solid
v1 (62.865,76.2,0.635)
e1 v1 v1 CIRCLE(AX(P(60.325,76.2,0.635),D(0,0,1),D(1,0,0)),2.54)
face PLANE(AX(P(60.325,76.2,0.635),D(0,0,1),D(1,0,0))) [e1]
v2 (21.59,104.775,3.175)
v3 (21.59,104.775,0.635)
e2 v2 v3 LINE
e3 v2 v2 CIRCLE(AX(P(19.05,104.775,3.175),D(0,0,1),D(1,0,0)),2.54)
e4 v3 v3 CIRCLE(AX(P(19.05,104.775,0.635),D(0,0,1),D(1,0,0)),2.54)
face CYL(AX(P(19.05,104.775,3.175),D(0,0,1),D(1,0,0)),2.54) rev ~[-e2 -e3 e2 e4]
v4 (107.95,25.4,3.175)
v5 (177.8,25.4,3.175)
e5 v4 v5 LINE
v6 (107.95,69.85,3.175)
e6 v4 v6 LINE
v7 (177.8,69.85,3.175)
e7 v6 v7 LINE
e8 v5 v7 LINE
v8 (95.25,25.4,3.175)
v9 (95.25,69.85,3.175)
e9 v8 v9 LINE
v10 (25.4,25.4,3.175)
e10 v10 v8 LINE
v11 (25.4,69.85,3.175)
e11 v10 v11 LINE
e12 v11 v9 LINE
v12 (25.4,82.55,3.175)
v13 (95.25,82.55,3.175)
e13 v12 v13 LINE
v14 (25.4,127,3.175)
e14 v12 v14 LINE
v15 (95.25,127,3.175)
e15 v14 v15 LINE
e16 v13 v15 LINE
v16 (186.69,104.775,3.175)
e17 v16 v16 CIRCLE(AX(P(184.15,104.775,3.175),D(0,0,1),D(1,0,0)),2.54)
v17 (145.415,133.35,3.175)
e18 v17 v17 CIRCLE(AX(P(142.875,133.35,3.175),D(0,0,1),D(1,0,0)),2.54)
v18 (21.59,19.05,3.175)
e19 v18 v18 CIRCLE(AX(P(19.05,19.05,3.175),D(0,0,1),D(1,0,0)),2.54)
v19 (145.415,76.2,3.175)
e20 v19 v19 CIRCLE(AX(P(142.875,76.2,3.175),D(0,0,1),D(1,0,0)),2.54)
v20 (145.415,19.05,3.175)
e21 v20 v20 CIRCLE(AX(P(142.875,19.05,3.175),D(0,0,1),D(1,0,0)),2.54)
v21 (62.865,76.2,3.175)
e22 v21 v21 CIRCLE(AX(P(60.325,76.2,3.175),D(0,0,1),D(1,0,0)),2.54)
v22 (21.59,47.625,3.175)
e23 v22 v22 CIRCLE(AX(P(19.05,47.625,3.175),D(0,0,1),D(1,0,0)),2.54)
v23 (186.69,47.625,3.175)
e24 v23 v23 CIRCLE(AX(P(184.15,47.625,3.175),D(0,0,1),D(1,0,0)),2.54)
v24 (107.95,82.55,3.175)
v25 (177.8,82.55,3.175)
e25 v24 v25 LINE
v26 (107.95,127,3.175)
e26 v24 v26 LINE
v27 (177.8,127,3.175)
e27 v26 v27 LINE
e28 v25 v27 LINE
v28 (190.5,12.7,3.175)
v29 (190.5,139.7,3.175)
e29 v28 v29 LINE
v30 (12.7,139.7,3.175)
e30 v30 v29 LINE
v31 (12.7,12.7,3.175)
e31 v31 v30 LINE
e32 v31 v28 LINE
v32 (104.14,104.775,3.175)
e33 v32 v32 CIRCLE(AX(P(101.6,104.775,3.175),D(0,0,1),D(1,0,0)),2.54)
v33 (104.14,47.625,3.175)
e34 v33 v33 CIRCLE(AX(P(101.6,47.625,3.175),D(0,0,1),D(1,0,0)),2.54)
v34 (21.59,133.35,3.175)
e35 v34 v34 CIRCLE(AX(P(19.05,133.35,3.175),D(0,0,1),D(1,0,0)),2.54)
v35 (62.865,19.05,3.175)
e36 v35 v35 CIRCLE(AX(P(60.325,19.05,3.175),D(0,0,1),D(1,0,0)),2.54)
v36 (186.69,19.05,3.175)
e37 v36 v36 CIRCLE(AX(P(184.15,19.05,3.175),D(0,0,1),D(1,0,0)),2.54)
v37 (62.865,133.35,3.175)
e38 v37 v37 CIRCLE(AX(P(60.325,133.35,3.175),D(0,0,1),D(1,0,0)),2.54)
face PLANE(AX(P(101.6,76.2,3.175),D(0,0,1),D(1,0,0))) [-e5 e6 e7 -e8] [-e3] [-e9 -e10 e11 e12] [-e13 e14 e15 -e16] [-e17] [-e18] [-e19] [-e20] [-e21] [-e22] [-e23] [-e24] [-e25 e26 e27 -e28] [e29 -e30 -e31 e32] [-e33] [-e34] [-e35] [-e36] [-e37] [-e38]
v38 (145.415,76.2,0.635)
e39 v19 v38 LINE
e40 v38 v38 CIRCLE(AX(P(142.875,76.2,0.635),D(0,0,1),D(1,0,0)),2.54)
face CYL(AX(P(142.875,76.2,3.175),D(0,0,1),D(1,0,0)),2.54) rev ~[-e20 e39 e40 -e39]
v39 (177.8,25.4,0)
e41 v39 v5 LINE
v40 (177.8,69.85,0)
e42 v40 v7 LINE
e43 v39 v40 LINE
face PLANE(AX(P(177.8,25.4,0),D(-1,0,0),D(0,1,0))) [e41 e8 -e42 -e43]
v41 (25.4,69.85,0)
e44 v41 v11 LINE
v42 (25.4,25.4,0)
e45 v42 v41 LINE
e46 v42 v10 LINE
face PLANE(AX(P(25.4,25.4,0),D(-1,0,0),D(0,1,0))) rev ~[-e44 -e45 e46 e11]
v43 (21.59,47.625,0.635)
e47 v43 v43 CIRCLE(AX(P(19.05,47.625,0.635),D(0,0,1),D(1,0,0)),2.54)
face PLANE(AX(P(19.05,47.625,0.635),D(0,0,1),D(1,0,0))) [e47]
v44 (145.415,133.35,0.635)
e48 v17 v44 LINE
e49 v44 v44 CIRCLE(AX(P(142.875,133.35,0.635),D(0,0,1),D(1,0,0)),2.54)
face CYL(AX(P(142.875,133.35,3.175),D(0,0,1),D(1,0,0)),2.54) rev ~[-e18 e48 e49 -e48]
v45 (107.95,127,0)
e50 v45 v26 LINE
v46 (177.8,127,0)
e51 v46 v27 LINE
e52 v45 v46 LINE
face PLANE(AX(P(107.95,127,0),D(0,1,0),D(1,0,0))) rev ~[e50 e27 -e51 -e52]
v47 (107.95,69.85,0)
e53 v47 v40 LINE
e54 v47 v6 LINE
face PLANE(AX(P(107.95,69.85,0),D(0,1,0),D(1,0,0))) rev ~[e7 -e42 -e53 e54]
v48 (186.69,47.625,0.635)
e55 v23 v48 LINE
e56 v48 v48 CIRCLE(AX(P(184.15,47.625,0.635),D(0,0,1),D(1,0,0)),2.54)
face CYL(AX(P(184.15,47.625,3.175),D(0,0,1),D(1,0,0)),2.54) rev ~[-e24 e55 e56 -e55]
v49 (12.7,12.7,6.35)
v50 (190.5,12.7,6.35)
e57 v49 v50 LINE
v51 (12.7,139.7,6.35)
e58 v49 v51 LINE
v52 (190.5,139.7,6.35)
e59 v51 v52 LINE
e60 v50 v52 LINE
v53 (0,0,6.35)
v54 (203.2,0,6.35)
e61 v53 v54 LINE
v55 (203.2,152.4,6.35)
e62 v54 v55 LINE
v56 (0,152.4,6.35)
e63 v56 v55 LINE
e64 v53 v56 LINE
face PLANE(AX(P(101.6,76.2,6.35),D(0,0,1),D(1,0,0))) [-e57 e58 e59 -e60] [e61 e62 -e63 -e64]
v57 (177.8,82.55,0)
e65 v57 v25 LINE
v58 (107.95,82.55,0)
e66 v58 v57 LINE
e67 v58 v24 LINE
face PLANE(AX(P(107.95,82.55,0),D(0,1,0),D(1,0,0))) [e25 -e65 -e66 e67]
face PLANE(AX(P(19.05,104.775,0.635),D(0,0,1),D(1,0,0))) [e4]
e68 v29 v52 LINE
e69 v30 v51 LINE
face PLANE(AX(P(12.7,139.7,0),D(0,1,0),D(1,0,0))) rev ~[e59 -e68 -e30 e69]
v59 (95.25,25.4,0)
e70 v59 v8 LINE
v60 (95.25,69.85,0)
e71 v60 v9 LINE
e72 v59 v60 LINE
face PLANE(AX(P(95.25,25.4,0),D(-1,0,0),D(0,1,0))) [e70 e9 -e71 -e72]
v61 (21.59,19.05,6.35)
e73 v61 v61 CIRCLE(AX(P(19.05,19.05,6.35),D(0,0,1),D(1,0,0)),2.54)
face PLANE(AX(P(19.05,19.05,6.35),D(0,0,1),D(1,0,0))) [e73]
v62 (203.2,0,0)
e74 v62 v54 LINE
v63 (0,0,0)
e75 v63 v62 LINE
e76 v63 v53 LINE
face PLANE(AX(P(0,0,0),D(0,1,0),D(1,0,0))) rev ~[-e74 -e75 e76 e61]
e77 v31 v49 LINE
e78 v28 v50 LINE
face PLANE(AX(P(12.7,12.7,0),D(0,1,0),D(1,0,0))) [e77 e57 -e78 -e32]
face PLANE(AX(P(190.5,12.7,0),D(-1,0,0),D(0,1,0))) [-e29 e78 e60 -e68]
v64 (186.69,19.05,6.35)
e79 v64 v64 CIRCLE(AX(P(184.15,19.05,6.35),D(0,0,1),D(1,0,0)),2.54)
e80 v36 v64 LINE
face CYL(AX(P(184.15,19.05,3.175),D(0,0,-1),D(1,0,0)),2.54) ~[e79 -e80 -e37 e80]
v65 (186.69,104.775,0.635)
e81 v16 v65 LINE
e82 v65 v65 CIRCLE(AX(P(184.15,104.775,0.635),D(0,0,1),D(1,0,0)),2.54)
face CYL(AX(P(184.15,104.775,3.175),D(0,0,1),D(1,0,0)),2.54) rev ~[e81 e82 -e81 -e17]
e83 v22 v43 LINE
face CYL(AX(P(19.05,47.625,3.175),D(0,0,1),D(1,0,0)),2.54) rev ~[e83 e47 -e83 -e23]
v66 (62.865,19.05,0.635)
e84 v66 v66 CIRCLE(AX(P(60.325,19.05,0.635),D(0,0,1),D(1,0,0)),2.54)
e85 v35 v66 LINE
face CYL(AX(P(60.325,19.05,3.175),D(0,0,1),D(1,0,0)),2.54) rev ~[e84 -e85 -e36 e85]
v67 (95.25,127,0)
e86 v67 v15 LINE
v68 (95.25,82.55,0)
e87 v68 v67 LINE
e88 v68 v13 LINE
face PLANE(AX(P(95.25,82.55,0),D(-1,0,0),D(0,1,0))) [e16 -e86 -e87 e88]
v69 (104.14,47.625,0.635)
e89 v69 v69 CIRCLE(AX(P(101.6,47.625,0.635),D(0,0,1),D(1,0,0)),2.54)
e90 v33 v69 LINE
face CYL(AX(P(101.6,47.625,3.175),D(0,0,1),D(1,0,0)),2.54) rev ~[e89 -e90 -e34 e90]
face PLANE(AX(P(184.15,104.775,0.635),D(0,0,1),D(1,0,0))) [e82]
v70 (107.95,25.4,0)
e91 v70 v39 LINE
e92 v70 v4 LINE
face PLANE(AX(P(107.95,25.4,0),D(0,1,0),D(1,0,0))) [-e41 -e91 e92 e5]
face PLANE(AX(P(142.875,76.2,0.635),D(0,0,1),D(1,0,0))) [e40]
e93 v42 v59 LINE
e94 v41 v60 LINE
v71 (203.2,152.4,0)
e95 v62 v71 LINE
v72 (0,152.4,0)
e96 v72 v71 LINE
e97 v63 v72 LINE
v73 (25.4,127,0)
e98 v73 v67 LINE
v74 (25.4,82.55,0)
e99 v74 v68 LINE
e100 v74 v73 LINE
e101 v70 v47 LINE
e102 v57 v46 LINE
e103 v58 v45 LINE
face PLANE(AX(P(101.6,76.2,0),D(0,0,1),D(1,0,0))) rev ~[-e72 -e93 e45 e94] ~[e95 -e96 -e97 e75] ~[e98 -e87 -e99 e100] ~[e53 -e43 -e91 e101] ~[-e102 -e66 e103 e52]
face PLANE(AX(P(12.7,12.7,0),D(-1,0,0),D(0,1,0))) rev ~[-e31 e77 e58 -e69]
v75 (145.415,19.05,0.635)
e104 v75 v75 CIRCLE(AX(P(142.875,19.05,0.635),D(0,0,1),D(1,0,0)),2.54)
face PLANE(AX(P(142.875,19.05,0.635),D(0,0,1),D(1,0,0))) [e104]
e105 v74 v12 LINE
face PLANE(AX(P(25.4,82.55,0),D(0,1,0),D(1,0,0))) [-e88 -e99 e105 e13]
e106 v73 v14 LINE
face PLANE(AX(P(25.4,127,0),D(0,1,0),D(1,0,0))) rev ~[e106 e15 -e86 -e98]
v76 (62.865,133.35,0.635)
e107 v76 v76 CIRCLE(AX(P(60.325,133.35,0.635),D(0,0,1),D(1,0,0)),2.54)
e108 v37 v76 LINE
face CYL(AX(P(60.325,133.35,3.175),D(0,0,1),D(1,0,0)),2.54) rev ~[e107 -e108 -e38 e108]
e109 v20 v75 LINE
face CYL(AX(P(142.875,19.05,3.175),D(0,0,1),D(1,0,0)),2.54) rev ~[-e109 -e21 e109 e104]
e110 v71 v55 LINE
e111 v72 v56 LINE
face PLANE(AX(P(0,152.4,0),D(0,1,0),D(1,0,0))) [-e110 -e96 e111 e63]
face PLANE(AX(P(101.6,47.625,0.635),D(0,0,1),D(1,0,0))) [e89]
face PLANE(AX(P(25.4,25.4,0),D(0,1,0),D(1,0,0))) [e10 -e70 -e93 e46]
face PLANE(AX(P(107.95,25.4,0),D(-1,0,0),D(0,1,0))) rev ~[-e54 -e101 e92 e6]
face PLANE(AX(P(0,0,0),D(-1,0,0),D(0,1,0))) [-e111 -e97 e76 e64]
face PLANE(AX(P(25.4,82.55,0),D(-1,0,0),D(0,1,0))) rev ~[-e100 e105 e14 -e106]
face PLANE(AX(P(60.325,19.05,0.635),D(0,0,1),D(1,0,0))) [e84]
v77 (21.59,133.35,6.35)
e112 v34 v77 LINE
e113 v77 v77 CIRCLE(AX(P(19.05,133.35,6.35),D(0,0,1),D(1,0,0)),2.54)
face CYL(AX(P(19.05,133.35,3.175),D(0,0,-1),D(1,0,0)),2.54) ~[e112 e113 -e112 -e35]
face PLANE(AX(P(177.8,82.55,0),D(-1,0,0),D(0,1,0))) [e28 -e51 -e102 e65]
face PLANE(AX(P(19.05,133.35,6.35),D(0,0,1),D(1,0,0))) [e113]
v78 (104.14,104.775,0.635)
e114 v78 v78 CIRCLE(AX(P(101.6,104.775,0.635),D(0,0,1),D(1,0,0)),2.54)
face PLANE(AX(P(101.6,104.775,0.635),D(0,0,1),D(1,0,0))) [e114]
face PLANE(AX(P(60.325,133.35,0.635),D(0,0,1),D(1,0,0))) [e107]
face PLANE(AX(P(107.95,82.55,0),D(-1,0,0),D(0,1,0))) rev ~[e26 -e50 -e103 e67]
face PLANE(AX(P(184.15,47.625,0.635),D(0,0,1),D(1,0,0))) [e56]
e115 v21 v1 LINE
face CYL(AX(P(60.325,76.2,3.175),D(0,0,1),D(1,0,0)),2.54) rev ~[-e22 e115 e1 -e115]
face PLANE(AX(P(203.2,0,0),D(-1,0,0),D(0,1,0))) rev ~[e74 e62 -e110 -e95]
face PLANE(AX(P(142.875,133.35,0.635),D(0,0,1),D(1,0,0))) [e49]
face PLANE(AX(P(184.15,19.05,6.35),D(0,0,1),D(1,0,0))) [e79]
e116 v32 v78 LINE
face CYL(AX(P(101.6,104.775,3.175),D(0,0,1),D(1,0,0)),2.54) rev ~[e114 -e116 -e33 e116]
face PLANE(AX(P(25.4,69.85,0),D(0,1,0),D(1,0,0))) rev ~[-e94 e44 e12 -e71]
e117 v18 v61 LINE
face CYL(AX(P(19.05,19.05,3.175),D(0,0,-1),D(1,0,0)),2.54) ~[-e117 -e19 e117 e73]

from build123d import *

# Parameters (mm, degrees)
F0_W     = 203.2
F0_H     = 152.4
F0_W_2   = 177.8
F0_H_2   = 127
F1_DEPTH = 6.35
F2_W     = 177.8
F2_H     = 127
F2_W_2   = 69.85
F2_H_2   = 44.45
F3_DEPTH = 3.175
F4_R     = 2.54
F5_DEPTH = 3.175
F6_R     = 2.54
F7_DEPTH = 2.54


with BuildPart() as f1:
    # F0 (on Top) → F1 (new body)
    with BuildSketch(Plane.XY):
        with Locations((101.6, 76.2)):
            Rectangle(F0_W, F0_H)
        with Locations((101.6, 76.2)):
            Rectangle(F0_W_2, F0_H_2, mode=Mode.SUBTRACT)
    extrude(amount=F1_DEPTH)

    # F2 (on Top) → F3 (join)
    with BuildSketch(Plane.XY):
        with Locations((101.6, 76.2)):
            Rectangle(F2_W, F2_H)
        with Locations((60.325, 47.625)):
            Rectangle(F2_W_2, F2_H_2, mode=Mode.SUBTRACT)
        with Locations((142.875, 47.625)):
            Rectangle(F2_W_2, F2_H_2, mode=Mode.SUBTRACT)
        with Locations((60.325, 104.775)):
            Rectangle(F2_W_2, F2_H_2, mode=Mode.SUBTRACT)
        with Locations((142.875, 104.775)):
            Rectangle(F2_W_2, F2_H_2, mode=Mode.SUBTRACT)
    extrude(amount=F3_DEPTH)

    # F4 (on face) → F5 (join, through all)
    with BuildSketch(Plane.XY.offset(3.175)):
        with Locations((19.05, 133.35)):
            Circle(F4_R)
        with Locations((19.05, 19.05)):
            Circle(F4_R)
        with Locations((184.15, 19.05)):
            Circle(F4_R)
    extrude(amount=F5_DEPTH)

    # F6 (on face) → F7 (cut)
    with BuildSketch(Plane.XY.offset(3.175)):
        with Locations((60.325, 133.35)):
            Circle(F6_R)
        with Locations((142.875, 133.35)):
            Circle(F6_R)
        with Locations((101.6, 47.625)):
            Circle(F6_R)
        with Locations((101.6, 104.775)):
            Circle(F6_R)
        with Locations((142.875, 76.2)):
            Circle(F6_R)
        with Locations((60.325, 19.05)):
            Circle(F6_R)
        with Locations((184.15, 47.625)):
            Circle(F6_R)
        with Locations((142.875, 19.05)):
            Circle(F6_R)
        with Locations((19.05, 47.625)):
            Circle(F6_R)
        with Locations((184.15, 104.775)):
            Circle(F6_R)
        with Locations((60.325, 76.2)):
            Circle(F6_R)
        with Locations((19.05, 104.775)):
            Circle(F6_R)
    extrude(amount=-F7_DEPTH, mode=Mode.SUBTRACT)


solid = f1.part
